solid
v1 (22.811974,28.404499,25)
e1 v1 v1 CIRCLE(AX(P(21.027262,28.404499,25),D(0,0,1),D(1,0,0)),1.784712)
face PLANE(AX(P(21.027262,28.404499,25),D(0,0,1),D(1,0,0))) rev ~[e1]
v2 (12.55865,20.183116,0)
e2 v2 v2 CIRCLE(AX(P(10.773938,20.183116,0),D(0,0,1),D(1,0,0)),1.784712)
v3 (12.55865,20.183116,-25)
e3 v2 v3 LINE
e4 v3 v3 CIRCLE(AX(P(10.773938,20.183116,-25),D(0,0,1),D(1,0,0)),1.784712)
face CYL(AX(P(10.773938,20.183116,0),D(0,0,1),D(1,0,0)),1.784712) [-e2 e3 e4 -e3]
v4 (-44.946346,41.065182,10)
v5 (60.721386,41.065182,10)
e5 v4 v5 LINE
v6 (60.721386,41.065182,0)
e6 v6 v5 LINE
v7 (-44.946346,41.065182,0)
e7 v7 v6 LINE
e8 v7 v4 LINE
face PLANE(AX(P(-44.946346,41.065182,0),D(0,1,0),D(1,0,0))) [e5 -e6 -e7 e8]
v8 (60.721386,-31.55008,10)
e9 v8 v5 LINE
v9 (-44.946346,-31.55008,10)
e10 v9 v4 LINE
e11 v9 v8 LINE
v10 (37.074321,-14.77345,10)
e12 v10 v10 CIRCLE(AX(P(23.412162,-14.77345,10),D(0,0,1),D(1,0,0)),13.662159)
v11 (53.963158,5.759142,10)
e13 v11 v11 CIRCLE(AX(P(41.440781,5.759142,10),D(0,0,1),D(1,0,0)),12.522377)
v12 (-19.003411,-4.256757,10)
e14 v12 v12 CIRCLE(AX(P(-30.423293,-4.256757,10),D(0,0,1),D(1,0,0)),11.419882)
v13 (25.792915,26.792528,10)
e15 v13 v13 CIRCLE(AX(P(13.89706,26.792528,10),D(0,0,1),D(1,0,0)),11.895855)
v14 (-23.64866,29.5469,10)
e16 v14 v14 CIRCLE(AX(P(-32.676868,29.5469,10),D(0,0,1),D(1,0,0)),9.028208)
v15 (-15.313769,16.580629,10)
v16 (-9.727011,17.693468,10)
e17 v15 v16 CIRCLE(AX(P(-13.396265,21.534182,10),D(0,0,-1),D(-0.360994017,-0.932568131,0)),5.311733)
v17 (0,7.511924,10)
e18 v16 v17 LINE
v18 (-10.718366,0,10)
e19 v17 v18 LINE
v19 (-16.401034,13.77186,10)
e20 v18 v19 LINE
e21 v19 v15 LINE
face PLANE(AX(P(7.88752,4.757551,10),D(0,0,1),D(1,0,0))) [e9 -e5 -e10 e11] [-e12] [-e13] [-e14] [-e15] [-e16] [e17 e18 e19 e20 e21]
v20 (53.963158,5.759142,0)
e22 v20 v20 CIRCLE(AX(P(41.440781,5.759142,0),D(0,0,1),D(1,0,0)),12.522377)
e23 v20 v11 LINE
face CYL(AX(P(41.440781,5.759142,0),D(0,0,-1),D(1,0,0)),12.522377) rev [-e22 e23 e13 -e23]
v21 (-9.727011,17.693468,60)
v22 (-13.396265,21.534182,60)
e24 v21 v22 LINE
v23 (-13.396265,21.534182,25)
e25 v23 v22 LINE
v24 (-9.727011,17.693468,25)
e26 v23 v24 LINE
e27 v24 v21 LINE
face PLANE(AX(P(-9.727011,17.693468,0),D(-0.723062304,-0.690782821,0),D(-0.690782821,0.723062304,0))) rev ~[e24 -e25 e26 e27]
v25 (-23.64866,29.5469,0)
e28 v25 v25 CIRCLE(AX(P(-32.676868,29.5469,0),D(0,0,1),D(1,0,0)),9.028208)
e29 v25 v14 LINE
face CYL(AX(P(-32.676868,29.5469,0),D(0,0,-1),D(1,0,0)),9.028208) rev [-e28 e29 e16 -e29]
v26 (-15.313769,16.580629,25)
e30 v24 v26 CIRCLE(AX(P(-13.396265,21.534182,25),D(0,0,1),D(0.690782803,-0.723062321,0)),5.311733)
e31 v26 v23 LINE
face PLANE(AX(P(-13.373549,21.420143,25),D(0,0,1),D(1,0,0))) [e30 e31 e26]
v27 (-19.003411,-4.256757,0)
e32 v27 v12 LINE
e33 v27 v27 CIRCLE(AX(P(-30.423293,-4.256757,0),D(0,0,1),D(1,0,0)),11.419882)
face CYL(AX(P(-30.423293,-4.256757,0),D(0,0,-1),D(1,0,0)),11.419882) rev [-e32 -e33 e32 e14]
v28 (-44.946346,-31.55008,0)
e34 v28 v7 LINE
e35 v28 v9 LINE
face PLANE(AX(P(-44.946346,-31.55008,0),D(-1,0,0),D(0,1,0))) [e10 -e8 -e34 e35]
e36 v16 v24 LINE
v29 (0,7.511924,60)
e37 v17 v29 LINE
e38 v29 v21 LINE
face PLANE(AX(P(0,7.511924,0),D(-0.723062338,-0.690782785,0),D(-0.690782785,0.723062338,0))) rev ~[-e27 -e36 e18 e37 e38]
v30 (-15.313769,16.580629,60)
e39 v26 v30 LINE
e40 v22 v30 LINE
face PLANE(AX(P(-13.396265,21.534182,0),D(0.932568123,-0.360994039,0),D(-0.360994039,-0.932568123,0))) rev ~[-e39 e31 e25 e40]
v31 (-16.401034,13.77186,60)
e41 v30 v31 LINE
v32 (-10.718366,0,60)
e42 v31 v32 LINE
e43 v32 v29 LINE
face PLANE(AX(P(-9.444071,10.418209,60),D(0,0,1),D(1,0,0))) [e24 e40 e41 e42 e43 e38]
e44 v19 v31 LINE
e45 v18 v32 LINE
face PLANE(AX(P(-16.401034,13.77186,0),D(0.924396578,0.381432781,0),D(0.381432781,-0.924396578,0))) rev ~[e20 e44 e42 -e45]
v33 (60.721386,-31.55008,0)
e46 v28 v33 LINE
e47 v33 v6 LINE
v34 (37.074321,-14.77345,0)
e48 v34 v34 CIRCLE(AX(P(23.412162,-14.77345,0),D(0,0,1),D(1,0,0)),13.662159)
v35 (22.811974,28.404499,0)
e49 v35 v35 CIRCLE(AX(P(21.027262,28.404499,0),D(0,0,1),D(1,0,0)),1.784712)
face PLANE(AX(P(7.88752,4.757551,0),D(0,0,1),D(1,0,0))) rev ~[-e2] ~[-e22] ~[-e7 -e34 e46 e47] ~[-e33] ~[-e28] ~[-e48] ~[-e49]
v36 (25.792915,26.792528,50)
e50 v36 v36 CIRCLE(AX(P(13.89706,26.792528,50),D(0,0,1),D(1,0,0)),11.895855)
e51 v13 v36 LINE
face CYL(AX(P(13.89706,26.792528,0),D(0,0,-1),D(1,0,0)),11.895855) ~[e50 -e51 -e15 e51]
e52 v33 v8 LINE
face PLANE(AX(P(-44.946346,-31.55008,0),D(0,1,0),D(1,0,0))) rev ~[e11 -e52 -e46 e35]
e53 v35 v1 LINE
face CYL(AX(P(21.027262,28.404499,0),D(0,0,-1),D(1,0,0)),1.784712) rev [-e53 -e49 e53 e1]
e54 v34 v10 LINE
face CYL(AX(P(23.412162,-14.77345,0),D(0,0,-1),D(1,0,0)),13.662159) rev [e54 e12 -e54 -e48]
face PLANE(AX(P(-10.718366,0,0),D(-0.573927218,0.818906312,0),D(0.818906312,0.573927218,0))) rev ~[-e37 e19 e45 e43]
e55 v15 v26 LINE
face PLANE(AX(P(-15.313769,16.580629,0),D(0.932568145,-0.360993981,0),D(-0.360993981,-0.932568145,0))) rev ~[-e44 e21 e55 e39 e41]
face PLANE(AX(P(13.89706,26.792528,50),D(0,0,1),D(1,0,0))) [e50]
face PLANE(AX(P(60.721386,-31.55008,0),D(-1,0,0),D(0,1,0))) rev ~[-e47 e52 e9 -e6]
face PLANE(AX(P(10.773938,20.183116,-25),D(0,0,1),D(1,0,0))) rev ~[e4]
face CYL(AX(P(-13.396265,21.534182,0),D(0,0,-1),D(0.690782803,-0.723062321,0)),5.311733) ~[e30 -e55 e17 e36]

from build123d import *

# Parameters (mm, degrees)
F1_DEPTH = 60
F2_DEPTH = 25
F0_W     = 105.667732
F0_H     = 72.615263
F0_R     = 11.419882
F0_R_2   = 13.662159
F0_R_3   = 9.028208
F0_R_4   = 12.522377
F0_R_5   = 11.895855
F3_DEPTH = 10
F0_R_6   = 1.784712
F4_DEPTH = 50
F5_DEPTH = 25
F6_DEPTH = 25


with BuildPart() as f1:
    # F0 (on Top) → F1 (new body)
    with BuildSketch(Plane.XY):
        Polygon((-9.727011, 17.693468), (-13.396265, 21.534182), (-15.313769, 16.580629), (-16.401034, 13.77186), (-10.718366, 0), (0, 7.511924), align=None)
    extrude(amount=F1_DEPTH)

    # F0 (on Top) → F2 (join)
    with BuildSketch(Plane.XY):
        with BuildLine():
            Line((-15.313769, 16.580629), (-13.396265, 21.534182))
            Line((-13.396265, 21.534182), (-9.727011, 17.693468))
            ThreePointArc((-9.727011, 17.693468), (-14.433935, 26.743573), (-15.313769, 16.580629))
        make_face()
    extrude(amount=F2_DEPTH)

    # F0 (on Top) → F3 (join)
    with BuildSketch(Plane.XY):
        with Locations((7.88752, 4.757551)):
            Rectangle(F0_W, F0_H)
        with Locations((-30.423293, -4.256757)):
            Circle(F0_R, mode=Mode.SUBTRACT)
        with Locations((23.412162, -14.77345)):
            Circle(F0_R_2, mode=Mode.SUBTRACT)
        with BuildLine():
            Line((-16.401034, 13.77186), (-15.313769, 16.580629))
            ThreePointArc((-15.313769, 16.580629), (-14.433935, 26.743573), (-9.727011, 17.693468))
            Line((-9.727011, 17.693468), (0, 7.511924))
            Line((0, 7.511924), (-10.718366, 0))
            Line((-10.718366, 0), (-16.401034, 13.77186))
        make_face(mode=Mode.SUBTRACT)
        with Locations((-32.676868, 29.5469)):
            Circle(F0_R_3, mode=Mode.SUBTRACT)
        with Locations((41.440781, 5.759142)):
            Circle(F0_R_4, mode=Mode.SUBTRACT)
        with Locations((13.89706, 26.792528)):
            Circle(F0_R_5, mode=Mode.SUBTRACT)
    extrude(amount=F3_DEPTH)

    # F0 (on Top) → F4 (join)
    with BuildSketch(Plane.XY):
        with Locations((13.89706, 26.792528)):
            Circle(F0_R_5)
        with Locations((6.595331, 27.143202)):
            Circle(F0_R_6, mode=Mode.SUBTRACT)
        with Locations((10.773938, 20.183116)):
            Circle(F0_R_6, mode=Mode.SUBTRACT)
        with Locations((18.716843, 21.296355)):
            Circle(F0_R_6, mode=Mode.SUBTRACT)
        with Locations((21.027262, 28.404499)):
            Circle(F0_R_6, mode=Mode.SUBTRACT)
        with Locations((13.482664, 34.090918)):
            Circle(F0_R_6, mode=Mode.SUBTRACT)
        with Locations((13.482664, 34.090918)):
            Circle(F0_R_6)
        with Locations((6.595331, 27.143202)):
            Circle(F0_R_6)
        with Locations((10.773938, 20.183116)):
            Circle(F0_R_6)
        with Locations((18.716843, 21.296355)):
            Circle(F0_R_6)
        with Locations((21.027262, 28.404499)):
            Circle(F0_R_6)
    extrude(amount=F4_DEPTH)

    # F0 (on Top) → F5 (join)
    with BuildSketch(Plane.XY):
        with Locations((10.773938, 20.183116)):
            Circle(F0_R_6)
    extrude(amount=-F5_DEPTH)

    # F0 (on Top) → F6 (cut)
    with BuildSketch(Plane.XY):
        with Locations((21.027262, 28.404499)):
            Circle(F0_R_6)
    extrude(amount=F6_DEPTH, mode=Mode.SUBTRACT)


solid = f1.part
